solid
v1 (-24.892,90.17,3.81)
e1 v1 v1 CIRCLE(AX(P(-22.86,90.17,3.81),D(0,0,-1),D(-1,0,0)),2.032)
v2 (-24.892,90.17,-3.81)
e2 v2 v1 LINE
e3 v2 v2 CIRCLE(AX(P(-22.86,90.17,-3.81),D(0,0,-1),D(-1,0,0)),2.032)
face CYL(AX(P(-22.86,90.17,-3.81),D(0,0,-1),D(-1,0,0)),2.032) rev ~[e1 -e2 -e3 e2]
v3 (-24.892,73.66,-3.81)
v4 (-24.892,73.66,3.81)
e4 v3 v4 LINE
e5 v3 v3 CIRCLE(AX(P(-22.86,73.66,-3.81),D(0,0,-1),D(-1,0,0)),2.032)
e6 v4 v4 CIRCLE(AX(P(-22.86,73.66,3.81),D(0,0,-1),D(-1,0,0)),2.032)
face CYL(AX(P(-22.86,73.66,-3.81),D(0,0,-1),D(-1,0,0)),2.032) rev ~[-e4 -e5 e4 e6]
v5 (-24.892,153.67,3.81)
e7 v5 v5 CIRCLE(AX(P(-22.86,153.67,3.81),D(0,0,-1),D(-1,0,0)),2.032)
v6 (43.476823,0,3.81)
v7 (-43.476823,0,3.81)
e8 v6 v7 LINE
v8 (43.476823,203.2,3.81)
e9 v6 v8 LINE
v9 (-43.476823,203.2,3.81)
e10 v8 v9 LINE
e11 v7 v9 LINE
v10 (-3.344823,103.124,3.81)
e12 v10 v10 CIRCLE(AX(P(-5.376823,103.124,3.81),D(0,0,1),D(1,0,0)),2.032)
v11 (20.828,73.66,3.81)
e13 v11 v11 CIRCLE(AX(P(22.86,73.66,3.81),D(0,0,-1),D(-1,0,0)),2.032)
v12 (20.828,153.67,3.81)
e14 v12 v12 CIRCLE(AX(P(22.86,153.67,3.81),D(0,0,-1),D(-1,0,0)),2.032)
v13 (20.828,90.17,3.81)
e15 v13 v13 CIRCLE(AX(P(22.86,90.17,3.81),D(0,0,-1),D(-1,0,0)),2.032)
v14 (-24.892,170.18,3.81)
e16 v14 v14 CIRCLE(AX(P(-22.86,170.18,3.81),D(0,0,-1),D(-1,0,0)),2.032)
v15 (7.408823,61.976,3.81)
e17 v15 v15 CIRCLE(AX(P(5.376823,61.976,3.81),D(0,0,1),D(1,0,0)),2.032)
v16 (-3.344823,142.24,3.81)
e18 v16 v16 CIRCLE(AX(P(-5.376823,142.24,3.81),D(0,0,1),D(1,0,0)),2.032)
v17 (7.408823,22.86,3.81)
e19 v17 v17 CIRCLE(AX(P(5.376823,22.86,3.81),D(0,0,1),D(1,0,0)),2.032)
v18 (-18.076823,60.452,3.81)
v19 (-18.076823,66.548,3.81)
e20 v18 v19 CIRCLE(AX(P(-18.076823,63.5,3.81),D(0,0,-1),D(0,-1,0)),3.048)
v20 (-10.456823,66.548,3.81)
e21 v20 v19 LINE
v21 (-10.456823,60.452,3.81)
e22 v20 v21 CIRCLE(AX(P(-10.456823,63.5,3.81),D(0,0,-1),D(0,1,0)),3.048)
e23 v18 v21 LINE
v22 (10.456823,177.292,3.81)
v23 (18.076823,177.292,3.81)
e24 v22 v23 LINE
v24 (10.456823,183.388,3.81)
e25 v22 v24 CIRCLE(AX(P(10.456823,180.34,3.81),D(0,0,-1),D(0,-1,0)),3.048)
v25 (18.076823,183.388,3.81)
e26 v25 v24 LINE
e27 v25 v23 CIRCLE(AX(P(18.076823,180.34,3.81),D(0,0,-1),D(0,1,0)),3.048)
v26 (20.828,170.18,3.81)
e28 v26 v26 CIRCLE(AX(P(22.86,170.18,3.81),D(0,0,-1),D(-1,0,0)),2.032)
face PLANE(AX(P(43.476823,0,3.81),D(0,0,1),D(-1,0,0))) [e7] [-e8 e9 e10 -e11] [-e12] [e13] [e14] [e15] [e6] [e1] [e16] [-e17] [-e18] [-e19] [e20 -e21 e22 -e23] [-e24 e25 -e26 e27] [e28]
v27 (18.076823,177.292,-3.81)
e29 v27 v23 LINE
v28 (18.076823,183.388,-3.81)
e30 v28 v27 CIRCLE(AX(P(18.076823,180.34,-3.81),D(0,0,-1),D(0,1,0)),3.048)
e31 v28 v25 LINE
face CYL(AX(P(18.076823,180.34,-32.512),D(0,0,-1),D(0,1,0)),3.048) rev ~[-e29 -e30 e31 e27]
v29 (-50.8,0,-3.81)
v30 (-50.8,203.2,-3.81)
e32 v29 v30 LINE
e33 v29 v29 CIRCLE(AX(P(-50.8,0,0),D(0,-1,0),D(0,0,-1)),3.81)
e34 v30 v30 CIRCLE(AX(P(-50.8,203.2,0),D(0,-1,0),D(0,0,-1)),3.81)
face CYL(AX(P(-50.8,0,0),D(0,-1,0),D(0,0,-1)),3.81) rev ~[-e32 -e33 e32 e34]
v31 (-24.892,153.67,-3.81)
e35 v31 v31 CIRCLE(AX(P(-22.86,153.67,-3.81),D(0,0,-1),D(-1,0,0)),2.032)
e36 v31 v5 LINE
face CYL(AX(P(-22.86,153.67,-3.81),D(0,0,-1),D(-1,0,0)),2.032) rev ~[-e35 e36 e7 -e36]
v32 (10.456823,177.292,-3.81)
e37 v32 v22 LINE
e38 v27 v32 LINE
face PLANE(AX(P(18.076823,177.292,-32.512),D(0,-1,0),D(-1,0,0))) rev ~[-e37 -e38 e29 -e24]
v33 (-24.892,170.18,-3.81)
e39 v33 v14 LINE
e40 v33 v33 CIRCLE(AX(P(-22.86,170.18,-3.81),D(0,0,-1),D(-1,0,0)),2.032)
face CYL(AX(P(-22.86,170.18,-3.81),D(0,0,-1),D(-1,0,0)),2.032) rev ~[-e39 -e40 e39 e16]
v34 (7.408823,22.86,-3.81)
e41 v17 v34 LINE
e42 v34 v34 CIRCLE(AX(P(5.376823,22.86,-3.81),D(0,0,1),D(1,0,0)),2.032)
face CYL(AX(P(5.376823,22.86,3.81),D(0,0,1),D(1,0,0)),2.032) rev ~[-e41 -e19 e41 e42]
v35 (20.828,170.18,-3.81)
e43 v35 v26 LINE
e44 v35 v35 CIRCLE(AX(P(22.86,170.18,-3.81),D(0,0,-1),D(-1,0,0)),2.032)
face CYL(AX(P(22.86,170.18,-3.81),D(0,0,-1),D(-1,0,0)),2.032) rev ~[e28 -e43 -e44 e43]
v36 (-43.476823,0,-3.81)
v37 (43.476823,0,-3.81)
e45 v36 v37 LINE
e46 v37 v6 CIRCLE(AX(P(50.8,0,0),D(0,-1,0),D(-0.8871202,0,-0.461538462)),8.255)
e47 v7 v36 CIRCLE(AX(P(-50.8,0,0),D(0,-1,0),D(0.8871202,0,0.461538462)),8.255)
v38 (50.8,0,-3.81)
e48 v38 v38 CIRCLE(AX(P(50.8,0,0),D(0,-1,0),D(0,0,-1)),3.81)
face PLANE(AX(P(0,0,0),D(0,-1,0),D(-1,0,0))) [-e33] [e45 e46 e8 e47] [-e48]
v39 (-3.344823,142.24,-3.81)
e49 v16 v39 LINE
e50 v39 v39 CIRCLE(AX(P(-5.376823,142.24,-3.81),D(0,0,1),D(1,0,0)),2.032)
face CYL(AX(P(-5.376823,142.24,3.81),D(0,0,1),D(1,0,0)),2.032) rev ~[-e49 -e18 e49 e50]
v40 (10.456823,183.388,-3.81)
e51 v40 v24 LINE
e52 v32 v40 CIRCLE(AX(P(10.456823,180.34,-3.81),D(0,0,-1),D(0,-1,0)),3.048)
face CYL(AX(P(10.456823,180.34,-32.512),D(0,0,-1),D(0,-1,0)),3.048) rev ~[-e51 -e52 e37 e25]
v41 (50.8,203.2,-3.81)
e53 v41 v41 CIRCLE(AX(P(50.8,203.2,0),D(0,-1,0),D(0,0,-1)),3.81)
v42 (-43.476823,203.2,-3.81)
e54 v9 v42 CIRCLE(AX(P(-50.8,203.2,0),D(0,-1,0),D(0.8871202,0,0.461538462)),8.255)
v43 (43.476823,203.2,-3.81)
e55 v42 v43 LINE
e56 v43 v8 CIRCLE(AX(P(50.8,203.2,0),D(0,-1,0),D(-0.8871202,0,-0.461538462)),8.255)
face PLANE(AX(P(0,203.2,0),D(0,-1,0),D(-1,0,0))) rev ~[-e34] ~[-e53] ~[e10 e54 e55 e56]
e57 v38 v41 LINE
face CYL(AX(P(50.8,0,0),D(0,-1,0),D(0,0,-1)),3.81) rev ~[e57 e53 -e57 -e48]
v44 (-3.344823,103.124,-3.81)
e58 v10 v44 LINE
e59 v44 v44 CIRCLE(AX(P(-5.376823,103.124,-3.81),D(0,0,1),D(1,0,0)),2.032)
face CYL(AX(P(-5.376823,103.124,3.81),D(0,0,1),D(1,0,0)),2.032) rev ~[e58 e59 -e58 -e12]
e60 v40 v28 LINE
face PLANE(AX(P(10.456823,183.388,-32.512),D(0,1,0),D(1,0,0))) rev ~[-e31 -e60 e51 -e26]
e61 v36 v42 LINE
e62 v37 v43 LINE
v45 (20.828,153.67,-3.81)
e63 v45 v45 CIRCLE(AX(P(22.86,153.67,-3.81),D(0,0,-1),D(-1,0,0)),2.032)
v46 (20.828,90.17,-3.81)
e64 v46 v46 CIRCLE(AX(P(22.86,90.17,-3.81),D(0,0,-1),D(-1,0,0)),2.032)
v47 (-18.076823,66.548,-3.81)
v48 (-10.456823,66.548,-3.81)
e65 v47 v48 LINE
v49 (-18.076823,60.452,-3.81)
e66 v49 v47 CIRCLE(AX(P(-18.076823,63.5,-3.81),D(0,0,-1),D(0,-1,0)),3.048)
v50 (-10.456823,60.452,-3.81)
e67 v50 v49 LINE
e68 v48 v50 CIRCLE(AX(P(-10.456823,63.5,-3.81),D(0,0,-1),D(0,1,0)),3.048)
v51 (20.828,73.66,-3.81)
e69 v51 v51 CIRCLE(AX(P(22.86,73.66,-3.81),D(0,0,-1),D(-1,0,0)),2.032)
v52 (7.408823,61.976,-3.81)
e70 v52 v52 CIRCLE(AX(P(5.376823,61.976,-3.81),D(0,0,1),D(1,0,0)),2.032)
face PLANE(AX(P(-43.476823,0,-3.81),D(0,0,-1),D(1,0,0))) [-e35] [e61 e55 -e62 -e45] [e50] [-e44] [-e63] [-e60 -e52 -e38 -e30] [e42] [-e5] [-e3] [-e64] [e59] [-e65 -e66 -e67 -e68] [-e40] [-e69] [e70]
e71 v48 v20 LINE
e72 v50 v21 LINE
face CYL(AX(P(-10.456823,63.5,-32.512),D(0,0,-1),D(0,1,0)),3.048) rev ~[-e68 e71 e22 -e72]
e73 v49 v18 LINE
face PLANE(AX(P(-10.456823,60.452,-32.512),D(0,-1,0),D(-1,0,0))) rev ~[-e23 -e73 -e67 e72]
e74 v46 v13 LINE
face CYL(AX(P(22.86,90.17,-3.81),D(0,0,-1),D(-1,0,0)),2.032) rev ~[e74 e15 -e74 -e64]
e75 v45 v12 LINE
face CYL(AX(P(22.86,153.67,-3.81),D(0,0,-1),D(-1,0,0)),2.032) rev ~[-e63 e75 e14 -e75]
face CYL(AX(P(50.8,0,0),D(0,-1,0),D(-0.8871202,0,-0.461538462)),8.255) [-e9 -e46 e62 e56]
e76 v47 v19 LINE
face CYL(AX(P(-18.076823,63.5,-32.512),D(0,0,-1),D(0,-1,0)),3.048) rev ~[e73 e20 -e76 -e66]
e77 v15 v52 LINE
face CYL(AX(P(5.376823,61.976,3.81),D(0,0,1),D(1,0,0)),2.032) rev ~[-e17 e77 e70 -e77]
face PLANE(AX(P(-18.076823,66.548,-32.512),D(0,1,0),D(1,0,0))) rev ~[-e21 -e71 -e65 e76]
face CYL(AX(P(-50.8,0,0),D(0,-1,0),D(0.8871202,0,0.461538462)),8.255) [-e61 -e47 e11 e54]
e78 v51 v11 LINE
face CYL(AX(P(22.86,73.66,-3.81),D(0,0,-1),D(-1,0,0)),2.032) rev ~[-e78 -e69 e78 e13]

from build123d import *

# Parameters (mm, degrees)
BOSS_EXTRUDE1_DEPTH     = 203.2
SKETCH2_R               = 3.81
CUT_EXTRUDE1_DEPTH      = 203.2
CUT_EXTRUDE2_DEPTH      = 28.956
CUT_EXTRUDE2_DEPTH_BACK = 36.322
SKETCH5_R               = 2.032
CUT_EXTRUDE3_DEPTH      = 45.974
SKETCH6_R               = 2.032
CUT_EXTRUDE4_DEPTH      = 7.62


with BuildPart() as part:
    # Sketch1 → Boss-Extrude1 (new body)
    with BuildSketch(Plane(origin=(0, 0, 0), x_dir=(1, 0, 0), z_dir=(0, 1, 0))):
        with BuildLine():
            Line((-43.476822752, 3.81), (43.476822752, 3.81))
            ThreePointArc((43.476822752, 3.81), (59.055, 0), (43.476822752, -3.81))
            Line((43.476822752, -3.81), (-43.476822752, -3.81))
            ThreePointArc((-43.476822752, -3.81), (-59.055, 0), (-43.476822752, 3.81))
        make_face()
    extrude(amount=BOSS_EXTRUDE1_DEPTH)

    # Sketch2 → Cut-Extrude1 (cut)
    with BuildSketch(Plane.XZ):
        with Locations(Location((-50.8, 0, 0), (0, 0, 270))):
            Circle(SKETCH2_R)
        with Locations(Location((50.8, 0, 0), (0, 0, 270))):
            Circle(SKETCH2_R)
    extrude(amount=-CUT_EXTRUDE1_DEPTH, mode=Mode.SUBTRACT)

    # Sketch3 → Cut-Extrude2 (cut, two sides: drawn at the far end of the back side and taken through both)
    with BuildSketch(Plane.XY.offset(3.81).offset(-CUT_EXTRUDE2_DEPTH_BACK)):
        with BuildLine():
            Line((18.076822752, 177.292), (10.456822752, 177.292))
            ThreePointArc((10.456822752, 177.292), (7.408822752, 180.34), (10.456822752, 183.388))
            Line((10.456822752, 183.388), (18.076822752, 183.388))
            ThreePointArc((18.076822752, 183.388), (21.124822752, 180.34), (18.076822752, 177.292))
        make_face()
        with BuildLine():
            Line((-18.076822752, 66.548), (-10.456822752, 66.548))
            ThreePointArc((-10.456822752, 66.548), (-7.408822752, 63.5), (-10.456822752, 60.452))
            Line((-10.456822752, 60.452), (-18.076822752, 60.452))
            ThreePointArc((-18.076822752, 60.452), (-21.124822752, 63.5), (-18.076822752, 66.548))
        make_face()
    extrude(amount=CUT_EXTRUDE2_DEPTH + CUT_EXTRUDE2_DEPTH_BACK, mode=Mode.SUBTRACT)

    # Sketch5 → Cut-Extrude3 (cut)
    with BuildSketch(Plane(origin=(0, 0, -3.81), x_dir=(-1, 0, 0), z_dir=(0, 0, -1))):
        with Locations((-22.86, 170.18)):
            Circle(SKETCH5_R)
        with Locations((-22.86, 153.67)):
            Circle(SKETCH5_R)
        with Locations((22.86, 170.18)):
            Circle(SKETCH5_R)
        with Locations((22.86, 153.67)):
            Circle(SKETCH5_R)
        with Locations((-22.86, 90.17)):
            Circle(SKETCH5_R)
        with Locations((-22.86, 73.66)):
            Circle(SKETCH5_R)
        with Locations((22.86, 90.17)):
            Circle(SKETCH5_R)
        with Locations((22.86, 73.66)):
            Circle(SKETCH5_R)
    extrude(amount=-CUT_EXTRUDE3_DEPTH, mode=Mode.SUBTRACT)

    # Sketch6 → Cut-Extrude4 (cut)
    with BuildSketch(Plane.XY.offset(3.81)):
        with Locations((5.376822752, 61.976)):
            Circle(SKETCH6_R)
        with Locations((5.376822752, 22.86)):
            Circle(SKETCH6_R)
        with Locations((-5.376822752, 142.24)):
            Circle(SKETCH6_R)
        with Locations((-5.376822752, 103.124)):
            Circle(SKETCH6_R)
    extrude(amount=-CUT_EXTRUDE4_DEPTH, mode=Mode.SUBTRACT)


solid = part.part
